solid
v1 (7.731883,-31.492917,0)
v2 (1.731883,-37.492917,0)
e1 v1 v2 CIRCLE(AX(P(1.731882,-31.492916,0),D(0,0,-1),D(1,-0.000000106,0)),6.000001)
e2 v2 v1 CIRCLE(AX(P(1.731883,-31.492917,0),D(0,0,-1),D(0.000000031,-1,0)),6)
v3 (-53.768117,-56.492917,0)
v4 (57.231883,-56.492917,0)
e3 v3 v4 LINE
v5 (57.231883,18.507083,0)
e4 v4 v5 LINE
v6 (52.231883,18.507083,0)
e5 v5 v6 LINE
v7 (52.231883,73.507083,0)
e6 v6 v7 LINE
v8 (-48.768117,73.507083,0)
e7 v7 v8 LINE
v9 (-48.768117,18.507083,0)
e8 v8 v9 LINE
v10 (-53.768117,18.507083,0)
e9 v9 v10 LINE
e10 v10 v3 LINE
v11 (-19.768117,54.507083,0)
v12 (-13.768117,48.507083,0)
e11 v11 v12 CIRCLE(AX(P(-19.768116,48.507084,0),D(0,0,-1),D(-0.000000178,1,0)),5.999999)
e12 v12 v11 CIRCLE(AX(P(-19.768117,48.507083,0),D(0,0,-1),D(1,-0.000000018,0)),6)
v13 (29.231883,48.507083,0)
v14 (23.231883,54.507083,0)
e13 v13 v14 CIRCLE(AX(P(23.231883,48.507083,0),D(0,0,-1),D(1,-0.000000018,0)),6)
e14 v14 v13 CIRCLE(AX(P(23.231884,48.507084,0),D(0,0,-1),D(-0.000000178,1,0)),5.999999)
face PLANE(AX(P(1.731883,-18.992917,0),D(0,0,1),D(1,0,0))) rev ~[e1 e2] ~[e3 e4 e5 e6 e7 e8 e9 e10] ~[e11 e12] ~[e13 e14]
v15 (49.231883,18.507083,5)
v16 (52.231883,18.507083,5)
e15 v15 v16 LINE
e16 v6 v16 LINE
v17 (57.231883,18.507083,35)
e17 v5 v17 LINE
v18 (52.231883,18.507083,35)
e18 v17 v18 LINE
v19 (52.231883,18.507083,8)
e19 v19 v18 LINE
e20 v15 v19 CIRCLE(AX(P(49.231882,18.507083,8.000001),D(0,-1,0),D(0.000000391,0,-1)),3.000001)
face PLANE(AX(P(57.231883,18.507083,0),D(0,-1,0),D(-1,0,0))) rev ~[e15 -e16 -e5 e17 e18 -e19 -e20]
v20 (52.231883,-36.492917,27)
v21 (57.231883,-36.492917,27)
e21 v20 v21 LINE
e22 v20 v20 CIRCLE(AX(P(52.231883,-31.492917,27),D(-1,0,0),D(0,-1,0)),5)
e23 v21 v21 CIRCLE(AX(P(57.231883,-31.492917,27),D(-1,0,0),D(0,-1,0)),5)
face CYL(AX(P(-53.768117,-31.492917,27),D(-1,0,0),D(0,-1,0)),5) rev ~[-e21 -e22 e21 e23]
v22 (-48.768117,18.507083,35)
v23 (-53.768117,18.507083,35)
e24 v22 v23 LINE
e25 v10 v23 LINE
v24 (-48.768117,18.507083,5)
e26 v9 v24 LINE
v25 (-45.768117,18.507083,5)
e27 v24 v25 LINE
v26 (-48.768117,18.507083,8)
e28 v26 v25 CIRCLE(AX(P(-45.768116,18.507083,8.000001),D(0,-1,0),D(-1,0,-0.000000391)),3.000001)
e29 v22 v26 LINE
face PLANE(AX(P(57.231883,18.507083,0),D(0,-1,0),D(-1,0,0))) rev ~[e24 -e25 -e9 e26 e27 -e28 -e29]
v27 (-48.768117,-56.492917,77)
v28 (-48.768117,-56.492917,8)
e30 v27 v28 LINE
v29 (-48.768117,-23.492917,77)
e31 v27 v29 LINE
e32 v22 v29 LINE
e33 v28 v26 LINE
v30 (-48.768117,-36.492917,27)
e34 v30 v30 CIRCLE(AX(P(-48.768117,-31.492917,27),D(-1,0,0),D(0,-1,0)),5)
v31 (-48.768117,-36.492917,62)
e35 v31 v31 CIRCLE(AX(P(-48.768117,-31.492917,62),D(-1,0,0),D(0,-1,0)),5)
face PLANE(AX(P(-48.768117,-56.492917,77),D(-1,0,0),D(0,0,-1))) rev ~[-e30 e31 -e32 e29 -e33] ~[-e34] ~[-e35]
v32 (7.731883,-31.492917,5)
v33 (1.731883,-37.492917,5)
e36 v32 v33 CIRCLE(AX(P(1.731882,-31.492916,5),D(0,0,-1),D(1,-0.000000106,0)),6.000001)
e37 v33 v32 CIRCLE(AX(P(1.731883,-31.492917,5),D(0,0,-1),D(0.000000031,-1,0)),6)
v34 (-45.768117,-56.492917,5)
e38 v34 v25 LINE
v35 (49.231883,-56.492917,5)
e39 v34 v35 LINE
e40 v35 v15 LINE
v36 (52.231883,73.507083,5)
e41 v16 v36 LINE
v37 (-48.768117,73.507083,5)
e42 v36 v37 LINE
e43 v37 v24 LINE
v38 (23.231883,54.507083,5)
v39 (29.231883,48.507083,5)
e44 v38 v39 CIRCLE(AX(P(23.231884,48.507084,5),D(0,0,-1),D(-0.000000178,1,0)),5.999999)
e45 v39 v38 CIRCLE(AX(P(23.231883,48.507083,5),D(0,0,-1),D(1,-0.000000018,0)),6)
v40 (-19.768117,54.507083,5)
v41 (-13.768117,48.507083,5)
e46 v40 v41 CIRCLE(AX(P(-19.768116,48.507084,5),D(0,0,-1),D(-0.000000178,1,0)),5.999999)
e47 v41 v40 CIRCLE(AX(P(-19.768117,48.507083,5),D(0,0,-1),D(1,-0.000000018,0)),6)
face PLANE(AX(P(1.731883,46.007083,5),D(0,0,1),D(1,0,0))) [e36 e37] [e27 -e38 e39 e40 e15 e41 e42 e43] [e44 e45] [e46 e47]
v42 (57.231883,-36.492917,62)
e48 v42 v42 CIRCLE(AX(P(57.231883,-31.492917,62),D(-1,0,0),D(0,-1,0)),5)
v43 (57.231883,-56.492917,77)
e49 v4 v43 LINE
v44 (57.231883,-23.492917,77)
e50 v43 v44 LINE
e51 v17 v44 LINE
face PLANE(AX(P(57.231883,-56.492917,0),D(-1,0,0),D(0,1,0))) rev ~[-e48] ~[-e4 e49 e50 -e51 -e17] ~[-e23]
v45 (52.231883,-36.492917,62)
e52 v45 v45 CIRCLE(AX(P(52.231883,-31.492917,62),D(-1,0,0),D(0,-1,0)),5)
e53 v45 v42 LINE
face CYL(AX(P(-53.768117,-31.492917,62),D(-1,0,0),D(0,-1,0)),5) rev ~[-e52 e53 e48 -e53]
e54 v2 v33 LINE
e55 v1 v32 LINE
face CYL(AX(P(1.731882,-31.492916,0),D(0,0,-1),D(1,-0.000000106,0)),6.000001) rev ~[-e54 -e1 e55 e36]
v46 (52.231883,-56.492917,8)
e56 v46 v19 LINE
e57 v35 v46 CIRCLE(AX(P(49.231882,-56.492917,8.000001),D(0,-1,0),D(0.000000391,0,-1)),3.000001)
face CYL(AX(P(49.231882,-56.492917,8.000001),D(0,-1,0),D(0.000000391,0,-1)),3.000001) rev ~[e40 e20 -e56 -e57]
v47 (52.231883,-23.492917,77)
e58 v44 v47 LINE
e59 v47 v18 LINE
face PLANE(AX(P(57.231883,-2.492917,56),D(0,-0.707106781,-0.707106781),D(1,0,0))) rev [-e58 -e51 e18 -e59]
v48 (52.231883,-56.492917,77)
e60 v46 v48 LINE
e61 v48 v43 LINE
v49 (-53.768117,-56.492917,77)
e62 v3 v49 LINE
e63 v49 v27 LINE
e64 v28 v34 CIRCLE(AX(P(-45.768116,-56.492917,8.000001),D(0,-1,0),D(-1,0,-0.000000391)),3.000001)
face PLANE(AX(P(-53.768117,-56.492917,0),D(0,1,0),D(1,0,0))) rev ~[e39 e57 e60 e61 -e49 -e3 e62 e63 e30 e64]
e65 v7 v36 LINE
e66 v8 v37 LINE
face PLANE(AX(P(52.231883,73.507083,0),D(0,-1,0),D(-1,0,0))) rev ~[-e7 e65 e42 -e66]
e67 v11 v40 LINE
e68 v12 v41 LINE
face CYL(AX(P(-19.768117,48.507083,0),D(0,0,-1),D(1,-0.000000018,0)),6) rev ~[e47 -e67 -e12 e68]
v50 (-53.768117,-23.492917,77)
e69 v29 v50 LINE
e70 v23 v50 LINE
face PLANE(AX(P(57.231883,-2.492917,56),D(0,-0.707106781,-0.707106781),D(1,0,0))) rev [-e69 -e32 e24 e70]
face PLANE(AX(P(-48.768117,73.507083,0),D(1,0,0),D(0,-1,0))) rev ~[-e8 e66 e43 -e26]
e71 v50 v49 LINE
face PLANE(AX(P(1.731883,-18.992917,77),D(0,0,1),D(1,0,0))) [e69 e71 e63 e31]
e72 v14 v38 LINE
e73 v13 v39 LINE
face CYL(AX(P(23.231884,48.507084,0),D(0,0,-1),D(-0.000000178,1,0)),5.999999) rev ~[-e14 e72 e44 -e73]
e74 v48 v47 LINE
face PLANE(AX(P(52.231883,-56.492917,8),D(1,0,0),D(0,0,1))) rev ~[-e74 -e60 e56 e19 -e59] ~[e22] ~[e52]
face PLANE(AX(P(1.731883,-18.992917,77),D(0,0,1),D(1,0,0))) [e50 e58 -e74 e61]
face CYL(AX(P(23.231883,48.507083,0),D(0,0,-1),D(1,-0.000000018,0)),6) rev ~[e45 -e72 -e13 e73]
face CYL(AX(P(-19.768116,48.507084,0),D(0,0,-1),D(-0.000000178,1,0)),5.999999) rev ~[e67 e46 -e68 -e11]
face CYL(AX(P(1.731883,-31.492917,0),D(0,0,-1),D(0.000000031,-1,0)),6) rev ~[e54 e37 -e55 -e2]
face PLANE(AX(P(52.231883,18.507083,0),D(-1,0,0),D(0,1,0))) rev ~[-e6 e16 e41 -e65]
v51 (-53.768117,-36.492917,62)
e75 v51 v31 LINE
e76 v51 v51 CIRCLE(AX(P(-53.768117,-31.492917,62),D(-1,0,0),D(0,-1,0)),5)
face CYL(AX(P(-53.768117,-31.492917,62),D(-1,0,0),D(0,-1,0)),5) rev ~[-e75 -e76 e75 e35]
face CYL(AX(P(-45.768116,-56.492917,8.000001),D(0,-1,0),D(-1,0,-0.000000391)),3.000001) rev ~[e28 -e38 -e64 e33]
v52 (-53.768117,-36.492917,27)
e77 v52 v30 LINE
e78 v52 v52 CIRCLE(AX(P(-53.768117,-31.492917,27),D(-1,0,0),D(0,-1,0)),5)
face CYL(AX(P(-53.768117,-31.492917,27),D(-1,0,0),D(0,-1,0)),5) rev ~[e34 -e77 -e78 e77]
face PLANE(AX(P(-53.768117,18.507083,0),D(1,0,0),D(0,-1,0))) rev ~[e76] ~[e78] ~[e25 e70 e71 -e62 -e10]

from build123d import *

# Parameters (mm, degrees)
F1_DEPTH = 77
F2_DEPTH = 5
F3_SIZE  = 42
F4_R     = 5
F5_DEPTH = 1000
F7_DEPTH = 10000


with BuildPart() as f1:
    # F0 (on Top) → F1 (new body)
    with BuildSketch(Plane.XY):
        Polygon((-53.768117, 18.507083), (-53.768117, -56.492917), (1.731883, -56.492917), (57.231883, -56.492917), (57.231883, -30.815218), (57.231883, 18.507083), (52.231883, 18.507083), (-48.768117, 18.507083), align=None)
        with BuildLine():
            ThreePointArc((7.731883, -31.492917), (5.974524, -35.735557), (1.731883, -37.492917))
            ThreePointArc((1.731883, -37.492917), (-2.510758, -27.250276), (7.731883, -31.492917))
        make_face(mode=Mode.SUBTRACT)
    extrude(amount=F1_DEPTH)

    # F0 (on Top) → F2 (join)
    with BuildSketch(Plane.XY):
        Polygon((-48.768117, 73.507083), (-48.768117, 18.507083), (52.231883, 18.507083), (52.231883, 73.507083), (23.231883, 73.507083), (-19.768117, 73.507083), align=None)
        with BuildLine():
            ThreePointArc((-13.768117, 48.507083), (-24.010758, 44.264443), (-19.768117, 54.507083))
            ThreePointArc((-19.768117, 54.507083), (-15.525476, 52.749724), (-13.768117, 48.507083))
        make_face(mode=Mode.SUBTRACT)
        with BuildLine():
            ThreePointArc((29.231883, 48.507083), (18.989242, 44.264443), (23.231883, 54.507083))
            ThreePointArc((23.231883, 54.507083), (27.474524, 52.749724), (29.231883, 48.507083))
        make_face(mode=Mode.SUBTRACT)
    extrude(amount=F2_DEPTH)

    # F3
    f3_edges = [f1.edges().sort_by_distance(p)[0] for p in [
        (1.731883, 18.507083, 77),
    ]]
    chamfer(f3_edges, length=F3_SIZE)

    # F4 (on face) → F5 (cut)
    with BuildSketch(Plane(origin=(-53.768117, 0, 0), x_dir=(0, -1, 0), z_dir=(-1, 0, 0))):
        with Locations((31.492917, 27)):
            Circle(F4_R)
        with Locations((31.492917, 62)):
            Circle(F4_R)
    extrude(amount=-F5_DEPTH, mode=Mode.SUBTRACT)

    # F6 (on face) → F7 (cut)
    with BuildSketch(Plane.XZ.offset(56.492917)):
        with BuildLine():
            Line((52.231883, 77), (-48.768117, 77))
            Line((-48.768117, 77), (-48.768117, 8))
            ThreePointArc((-48.768117, 8), (-47.889437, 5.87868), (-45.768117, 5))
            Line((-45.768117, 5), (49.231883, 5))
            ThreePointArc((49.231883, 5), (51.353203, 5.87868), (52.231883, 8))
            Line((52.231883, 8), (52.231883, 77))
        make_face()
    extrude(amount=-F7_DEPTH, mode=Mode.SUBTRACT)


solid = f1.part
